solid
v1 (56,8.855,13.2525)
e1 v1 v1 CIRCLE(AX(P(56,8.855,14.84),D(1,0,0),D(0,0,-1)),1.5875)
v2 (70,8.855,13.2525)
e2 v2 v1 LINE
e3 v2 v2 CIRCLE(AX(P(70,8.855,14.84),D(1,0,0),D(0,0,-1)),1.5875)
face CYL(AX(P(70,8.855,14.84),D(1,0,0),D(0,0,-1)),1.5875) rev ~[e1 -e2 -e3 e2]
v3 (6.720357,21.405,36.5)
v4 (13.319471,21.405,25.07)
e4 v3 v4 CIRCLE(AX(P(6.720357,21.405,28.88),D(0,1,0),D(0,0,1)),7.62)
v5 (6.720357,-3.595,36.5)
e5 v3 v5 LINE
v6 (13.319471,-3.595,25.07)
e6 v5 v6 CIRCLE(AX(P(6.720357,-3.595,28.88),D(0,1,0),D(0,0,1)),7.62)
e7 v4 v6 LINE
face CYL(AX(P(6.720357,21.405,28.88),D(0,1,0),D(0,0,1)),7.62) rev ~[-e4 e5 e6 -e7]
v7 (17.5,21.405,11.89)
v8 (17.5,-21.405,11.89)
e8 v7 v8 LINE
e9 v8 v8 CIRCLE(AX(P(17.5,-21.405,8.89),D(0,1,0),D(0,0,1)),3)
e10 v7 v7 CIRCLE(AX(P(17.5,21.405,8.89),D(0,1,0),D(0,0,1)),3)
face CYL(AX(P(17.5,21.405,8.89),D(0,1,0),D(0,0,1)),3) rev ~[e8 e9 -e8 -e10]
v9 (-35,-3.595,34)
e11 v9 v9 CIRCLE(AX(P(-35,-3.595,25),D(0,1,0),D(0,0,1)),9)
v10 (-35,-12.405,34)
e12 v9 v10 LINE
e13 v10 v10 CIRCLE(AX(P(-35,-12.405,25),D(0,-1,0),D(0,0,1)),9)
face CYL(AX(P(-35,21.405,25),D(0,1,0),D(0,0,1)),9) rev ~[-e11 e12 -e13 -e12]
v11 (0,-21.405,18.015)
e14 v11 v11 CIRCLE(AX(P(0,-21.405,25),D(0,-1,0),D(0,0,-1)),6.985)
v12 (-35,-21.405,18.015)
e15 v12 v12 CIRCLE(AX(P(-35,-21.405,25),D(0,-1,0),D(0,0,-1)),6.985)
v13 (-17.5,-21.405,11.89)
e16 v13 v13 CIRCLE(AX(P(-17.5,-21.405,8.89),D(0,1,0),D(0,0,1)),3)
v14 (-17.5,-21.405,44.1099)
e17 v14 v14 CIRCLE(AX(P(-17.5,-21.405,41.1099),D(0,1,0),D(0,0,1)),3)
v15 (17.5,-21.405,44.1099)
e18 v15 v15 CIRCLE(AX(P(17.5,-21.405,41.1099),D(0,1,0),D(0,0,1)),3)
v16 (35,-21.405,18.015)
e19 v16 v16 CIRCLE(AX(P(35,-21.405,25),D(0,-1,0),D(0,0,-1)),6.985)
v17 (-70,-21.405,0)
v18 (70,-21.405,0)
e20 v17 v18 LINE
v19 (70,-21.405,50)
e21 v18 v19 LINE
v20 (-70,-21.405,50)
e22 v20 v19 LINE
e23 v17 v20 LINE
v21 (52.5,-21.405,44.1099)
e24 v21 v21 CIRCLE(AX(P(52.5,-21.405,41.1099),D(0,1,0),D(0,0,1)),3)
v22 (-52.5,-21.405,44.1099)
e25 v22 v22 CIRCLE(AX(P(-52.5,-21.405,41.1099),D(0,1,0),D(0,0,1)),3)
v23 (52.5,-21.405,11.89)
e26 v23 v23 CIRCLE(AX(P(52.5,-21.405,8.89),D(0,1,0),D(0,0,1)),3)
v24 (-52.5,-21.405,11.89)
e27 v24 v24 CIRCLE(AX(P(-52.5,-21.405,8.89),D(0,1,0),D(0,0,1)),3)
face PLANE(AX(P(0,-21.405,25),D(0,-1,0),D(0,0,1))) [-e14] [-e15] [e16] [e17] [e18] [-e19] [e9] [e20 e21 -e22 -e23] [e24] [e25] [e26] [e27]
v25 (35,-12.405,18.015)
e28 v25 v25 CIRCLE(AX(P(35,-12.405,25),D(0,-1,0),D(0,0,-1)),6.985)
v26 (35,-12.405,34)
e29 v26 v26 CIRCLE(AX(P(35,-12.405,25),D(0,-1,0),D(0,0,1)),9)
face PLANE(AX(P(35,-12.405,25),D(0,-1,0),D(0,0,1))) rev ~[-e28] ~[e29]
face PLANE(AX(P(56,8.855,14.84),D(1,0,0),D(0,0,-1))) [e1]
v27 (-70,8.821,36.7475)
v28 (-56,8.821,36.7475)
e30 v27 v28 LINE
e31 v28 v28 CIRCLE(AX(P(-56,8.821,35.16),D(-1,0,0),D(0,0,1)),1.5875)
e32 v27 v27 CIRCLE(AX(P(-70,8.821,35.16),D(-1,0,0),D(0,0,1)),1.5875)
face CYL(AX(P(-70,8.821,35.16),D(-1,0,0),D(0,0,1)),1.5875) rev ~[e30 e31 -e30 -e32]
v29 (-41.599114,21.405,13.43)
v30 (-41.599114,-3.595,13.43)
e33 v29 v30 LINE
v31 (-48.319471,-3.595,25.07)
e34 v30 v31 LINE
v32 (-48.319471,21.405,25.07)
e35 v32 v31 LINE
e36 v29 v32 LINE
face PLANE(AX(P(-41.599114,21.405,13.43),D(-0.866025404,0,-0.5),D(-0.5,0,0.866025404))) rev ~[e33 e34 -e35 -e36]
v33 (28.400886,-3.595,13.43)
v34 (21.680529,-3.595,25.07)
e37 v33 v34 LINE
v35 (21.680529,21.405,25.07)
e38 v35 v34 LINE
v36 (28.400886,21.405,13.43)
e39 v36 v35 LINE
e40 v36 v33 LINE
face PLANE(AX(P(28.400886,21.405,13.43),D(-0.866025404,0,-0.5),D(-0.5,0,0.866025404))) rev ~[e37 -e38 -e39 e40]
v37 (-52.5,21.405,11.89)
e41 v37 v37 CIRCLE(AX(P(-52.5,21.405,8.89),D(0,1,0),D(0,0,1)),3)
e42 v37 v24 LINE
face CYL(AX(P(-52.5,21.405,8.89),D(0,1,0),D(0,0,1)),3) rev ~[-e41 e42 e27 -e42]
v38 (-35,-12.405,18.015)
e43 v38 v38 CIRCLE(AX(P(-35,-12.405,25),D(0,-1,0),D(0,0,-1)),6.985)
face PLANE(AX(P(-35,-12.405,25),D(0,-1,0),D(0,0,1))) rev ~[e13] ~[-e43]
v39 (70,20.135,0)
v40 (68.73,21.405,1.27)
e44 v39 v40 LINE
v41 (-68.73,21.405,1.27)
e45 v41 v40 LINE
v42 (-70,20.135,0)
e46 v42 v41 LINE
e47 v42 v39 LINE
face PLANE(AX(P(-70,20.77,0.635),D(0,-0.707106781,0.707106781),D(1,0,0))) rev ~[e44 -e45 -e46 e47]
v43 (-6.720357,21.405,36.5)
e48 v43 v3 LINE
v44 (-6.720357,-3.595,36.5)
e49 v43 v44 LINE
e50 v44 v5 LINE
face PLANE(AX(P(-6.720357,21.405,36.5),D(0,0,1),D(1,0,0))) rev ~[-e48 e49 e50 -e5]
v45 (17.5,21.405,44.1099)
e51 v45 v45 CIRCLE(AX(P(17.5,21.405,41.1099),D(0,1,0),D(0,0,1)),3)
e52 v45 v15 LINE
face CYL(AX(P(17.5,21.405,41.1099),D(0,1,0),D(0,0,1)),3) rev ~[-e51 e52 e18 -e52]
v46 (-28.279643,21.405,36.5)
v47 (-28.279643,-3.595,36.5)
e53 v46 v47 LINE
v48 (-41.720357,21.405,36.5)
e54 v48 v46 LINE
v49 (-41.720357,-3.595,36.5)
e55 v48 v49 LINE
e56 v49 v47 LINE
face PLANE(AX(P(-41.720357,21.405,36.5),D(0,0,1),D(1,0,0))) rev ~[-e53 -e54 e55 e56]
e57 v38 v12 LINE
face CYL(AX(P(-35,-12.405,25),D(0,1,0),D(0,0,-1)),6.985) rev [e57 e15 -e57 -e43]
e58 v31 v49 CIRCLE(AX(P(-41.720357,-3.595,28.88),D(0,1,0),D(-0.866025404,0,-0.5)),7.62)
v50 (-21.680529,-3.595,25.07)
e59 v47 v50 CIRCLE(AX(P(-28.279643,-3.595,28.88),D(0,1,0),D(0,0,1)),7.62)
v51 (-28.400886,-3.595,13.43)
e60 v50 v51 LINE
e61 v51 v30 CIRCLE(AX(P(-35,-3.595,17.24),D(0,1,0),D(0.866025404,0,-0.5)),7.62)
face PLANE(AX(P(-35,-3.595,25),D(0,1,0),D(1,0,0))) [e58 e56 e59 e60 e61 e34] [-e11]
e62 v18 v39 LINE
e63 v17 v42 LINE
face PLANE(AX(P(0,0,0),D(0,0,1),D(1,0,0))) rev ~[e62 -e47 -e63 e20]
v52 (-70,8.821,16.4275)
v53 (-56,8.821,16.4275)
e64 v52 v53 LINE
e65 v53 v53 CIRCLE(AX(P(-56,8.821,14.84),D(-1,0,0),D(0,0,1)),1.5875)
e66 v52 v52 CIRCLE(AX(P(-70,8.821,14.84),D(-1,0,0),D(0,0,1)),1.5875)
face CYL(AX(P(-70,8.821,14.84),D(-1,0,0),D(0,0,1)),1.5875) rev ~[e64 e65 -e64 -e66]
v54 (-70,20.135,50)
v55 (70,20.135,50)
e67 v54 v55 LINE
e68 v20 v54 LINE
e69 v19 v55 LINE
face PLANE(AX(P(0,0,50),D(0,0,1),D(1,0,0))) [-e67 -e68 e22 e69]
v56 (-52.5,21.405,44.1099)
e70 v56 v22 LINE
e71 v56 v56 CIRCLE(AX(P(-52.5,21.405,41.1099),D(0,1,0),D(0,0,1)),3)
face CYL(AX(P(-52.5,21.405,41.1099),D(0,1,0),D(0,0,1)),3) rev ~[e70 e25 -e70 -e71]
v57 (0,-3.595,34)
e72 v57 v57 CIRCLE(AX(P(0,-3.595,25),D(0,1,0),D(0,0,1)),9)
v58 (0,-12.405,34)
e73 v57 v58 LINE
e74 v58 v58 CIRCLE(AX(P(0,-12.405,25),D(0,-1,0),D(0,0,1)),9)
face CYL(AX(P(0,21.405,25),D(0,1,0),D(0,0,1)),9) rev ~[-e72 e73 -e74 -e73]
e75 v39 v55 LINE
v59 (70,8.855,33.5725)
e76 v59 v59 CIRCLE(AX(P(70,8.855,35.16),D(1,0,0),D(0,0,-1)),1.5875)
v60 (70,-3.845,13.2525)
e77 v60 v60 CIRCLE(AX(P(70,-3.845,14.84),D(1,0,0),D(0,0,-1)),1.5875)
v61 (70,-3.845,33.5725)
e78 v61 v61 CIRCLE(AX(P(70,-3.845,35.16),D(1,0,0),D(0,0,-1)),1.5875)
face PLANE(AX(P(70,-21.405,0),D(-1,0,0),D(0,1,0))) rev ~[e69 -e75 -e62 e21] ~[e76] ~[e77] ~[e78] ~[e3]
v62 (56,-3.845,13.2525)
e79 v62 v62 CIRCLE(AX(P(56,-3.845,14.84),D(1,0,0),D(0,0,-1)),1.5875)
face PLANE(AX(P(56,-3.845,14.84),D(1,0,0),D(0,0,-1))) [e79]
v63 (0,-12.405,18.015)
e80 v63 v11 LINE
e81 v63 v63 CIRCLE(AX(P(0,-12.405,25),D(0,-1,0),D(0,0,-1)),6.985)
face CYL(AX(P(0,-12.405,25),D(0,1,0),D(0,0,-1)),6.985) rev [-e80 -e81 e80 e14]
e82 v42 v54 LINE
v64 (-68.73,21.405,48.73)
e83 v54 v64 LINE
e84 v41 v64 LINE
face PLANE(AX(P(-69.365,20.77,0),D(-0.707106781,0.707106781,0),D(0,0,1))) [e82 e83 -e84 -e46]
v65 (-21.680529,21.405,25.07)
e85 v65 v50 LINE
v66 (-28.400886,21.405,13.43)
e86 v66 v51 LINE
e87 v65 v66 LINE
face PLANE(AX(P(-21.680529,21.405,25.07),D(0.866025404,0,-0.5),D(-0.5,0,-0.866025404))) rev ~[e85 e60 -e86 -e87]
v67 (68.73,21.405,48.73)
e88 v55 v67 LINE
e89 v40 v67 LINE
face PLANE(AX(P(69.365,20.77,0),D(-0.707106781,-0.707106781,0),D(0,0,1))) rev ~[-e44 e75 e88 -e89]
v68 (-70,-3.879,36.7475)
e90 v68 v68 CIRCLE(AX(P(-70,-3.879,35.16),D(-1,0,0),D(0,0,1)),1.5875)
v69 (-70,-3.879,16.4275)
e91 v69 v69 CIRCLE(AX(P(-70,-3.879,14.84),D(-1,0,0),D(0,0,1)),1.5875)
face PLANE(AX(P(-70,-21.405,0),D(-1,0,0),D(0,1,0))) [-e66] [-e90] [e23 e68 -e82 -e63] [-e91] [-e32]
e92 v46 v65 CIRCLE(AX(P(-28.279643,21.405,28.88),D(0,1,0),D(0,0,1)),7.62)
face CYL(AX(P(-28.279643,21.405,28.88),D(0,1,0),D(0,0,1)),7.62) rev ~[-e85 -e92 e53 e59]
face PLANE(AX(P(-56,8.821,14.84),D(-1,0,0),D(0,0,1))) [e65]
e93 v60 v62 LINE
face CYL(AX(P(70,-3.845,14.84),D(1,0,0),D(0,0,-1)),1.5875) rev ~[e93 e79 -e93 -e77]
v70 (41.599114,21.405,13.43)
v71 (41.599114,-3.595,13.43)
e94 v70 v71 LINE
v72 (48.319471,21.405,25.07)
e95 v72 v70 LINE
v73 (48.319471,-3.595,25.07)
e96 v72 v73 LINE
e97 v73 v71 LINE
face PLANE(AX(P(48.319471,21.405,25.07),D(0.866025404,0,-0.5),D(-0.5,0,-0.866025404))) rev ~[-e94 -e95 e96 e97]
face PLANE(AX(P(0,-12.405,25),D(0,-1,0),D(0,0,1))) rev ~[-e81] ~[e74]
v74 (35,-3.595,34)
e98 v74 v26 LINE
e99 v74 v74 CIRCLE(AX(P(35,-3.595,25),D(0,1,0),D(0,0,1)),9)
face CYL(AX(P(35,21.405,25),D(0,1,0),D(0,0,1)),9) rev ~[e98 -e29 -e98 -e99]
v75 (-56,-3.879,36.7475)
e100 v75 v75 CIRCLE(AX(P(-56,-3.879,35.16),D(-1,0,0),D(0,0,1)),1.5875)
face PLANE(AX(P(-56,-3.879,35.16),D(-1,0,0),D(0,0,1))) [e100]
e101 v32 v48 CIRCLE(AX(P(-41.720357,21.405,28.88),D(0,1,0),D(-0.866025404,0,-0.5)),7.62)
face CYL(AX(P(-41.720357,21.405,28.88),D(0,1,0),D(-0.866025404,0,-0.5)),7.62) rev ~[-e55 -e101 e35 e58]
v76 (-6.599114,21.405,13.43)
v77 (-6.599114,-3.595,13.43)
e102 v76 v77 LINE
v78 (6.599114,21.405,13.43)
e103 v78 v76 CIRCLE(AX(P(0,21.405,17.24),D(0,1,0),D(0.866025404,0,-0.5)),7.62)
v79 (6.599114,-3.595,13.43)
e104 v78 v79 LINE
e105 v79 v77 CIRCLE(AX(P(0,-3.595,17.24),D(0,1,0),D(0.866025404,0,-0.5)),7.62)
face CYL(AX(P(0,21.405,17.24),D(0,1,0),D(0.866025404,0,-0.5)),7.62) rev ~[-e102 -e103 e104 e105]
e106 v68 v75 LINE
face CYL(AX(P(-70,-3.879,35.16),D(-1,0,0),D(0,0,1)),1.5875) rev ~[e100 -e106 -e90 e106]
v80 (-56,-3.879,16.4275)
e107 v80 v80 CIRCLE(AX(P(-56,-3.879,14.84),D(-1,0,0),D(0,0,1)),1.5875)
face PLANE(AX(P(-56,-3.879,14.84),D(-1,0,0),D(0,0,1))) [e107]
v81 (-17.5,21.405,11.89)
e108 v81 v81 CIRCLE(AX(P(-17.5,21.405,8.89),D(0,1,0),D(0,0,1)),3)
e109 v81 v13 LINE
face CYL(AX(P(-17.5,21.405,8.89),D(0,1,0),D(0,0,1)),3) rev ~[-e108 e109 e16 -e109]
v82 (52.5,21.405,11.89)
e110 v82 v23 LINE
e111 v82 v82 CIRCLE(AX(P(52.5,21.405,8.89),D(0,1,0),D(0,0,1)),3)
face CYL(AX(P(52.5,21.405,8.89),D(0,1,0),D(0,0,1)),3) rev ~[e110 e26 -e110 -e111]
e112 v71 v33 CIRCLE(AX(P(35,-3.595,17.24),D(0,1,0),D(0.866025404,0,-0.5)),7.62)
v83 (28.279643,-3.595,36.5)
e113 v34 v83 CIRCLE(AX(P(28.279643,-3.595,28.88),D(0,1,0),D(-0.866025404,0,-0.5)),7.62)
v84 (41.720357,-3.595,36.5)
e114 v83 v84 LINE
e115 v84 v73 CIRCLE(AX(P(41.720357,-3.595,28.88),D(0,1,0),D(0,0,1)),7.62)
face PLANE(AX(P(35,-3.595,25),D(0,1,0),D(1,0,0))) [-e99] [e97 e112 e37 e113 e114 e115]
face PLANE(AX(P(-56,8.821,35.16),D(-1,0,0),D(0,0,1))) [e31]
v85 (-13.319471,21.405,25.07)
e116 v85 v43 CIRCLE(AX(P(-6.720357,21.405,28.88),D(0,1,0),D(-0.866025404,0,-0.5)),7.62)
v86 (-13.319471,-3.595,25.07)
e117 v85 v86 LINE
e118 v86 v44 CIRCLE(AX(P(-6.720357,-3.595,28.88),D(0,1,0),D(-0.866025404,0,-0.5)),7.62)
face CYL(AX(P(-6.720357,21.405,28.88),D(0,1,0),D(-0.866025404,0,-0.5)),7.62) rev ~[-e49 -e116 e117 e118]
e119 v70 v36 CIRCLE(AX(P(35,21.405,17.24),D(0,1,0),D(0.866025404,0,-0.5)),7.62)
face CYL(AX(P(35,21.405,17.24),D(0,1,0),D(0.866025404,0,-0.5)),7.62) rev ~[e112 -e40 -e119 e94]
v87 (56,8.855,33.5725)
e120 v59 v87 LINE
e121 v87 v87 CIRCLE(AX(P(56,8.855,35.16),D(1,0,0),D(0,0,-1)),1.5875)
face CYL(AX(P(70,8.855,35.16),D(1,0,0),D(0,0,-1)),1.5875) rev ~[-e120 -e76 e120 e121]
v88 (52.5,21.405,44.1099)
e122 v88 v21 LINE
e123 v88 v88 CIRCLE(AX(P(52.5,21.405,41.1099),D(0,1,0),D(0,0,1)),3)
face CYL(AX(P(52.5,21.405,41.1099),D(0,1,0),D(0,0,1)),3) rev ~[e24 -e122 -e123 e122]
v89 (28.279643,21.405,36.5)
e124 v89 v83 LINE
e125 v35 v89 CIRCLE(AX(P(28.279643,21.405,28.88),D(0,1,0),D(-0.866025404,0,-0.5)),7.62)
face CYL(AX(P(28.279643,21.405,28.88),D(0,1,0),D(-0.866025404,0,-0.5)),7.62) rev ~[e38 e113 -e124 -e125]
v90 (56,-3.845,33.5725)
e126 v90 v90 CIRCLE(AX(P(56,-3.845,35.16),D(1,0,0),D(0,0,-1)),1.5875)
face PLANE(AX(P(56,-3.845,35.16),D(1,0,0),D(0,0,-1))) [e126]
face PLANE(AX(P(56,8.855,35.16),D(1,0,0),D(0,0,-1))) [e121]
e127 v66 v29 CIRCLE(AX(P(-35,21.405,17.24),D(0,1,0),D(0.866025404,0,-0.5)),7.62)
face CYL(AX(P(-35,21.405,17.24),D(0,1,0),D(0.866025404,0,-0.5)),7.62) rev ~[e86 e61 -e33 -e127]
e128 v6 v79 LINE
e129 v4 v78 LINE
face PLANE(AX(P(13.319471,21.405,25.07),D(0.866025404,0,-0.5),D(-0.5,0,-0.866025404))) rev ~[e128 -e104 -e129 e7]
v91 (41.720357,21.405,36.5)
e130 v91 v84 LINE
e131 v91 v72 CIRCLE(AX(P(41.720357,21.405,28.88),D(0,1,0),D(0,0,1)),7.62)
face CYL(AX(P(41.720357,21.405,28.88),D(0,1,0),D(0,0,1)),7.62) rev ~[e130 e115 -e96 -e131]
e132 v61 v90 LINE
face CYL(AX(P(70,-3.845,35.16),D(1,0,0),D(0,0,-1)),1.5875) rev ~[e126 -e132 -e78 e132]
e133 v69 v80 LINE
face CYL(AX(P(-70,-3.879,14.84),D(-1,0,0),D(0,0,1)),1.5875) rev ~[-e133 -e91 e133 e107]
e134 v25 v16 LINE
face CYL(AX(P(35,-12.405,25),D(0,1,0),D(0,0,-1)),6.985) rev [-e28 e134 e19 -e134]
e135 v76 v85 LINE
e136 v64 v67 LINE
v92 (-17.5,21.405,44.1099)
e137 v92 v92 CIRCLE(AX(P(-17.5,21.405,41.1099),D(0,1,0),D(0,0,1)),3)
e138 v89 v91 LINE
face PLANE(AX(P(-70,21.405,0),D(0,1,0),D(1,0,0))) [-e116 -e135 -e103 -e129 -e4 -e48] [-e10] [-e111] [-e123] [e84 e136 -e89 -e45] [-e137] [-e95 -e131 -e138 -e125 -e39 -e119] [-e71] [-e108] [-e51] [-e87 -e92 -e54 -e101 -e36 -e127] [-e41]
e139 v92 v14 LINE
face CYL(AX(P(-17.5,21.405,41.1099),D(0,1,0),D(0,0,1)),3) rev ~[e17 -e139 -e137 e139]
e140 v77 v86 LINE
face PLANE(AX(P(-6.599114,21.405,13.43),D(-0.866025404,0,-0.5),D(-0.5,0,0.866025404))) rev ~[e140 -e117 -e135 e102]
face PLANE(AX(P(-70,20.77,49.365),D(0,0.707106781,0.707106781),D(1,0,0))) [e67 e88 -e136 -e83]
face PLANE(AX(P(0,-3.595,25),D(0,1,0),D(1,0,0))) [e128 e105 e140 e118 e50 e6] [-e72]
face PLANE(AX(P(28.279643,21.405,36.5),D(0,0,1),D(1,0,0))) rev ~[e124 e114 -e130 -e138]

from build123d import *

# Parameters (mm, degrees)
SKETCH3_W            = 140
SKETCH3_H            = 42.809999978
BOSS_EXTRUDE1_DEPTH  = 50
SKETCH4_R            = 9
CUT_EXTRUDE1_DEPTH   = 50
LPATTERN1_COUNT      = 2
LPATTERN1_PITCH      = 35
LPATTERN1_COL_COUNT  = 2
LPATTERN1_COL_PITCH  = 35
CUT_EXTRUDE2_DEPTH   = 25
LPATTERN2_COUNT      = 2
LPATTERN2_PITCH      = 35
LPATTERN2_COL_COUNT  = 2
LPATTERN2_COL_PITCH  = 35
SKETCH16_R           = 3
CUT_EXTRUDE3_DEPTH   = 90.932
LPATTERN4_COUNT      = 4
LPATTERN4_PITCH      = 35
LPATTERN4_COUNT_DIR2 = 2
LPATTERN4_PITCH_DIR2 = 32.2199
BOSS_EXTRUDE2_START  = -9
SKETCH18_R           = 9
SKETCH18_R_2         = 6.985
BOSS_EXTRUDE2_DEPTH  = 9
CHAMFER1_SIZE        = 1.27
SKETCH21_R           = 1.5875
CUT_EXTRUDE6_DEPTH   = 14
SKETCH22_R           = 1.5875
CUT_EXTRUDE7_DEPTH   = 14


with BuildPart() as part:
    # Sketch3 → Boss-Extrude1 (new body)
    with BuildSketch(Plane.XY):
        Rectangle(SKETCH3_W, SKETCH3_H)
    extrude(amount=BOSS_EXTRUDE1_DEPTH)

    # Sketch4 → Cut-Extrude1 (cut)
    with BuildSketch(Plane(origin=(0, 21.404999989, 0), x_dir=(1, 0, 0), z_dir=(0, 1, 0))):
        with Locations((0, -25)):
            Circle(SKETCH4_R)
    cut_extrude1 = extrude(amount=-CUT_EXTRUDE1_DEPTH, mode=Mode.SUBTRACT)

    # LPattern1: Cut-Extrude1 ×2
    with Locations(*[(i * LPATTERN1_PITCH, 0, 0) for i in range(1, LPATTERN1_COUNT)]):
        add(cut_extrude1, mode=Mode.SUBTRACT)

    # LPattern1 col: Cut-Extrude1 ×2
    with Locations(*[(-i * LPATTERN1_COL_PITCH, 0, 0) for i in range(1, LPATTERN1_COL_COUNT)]):
        add(cut_extrude1, mode=Mode.SUBTRACT)

    # Sketch5 → Cut-Extrude2 (cut)
    with BuildSketch(Plane(origin=(0, 21.404999989, 0), x_dir=(1, 0, 0), z_dir=(0, 1, 0))):
        with BuildLine():
            Line((-6.599113577, -13.43), (-13.31947071, -25.07))
            ThreePointArc((-13.31947071, -25.07), (-13.31947071, -32.69), (-6.720357133, -36.5))
            Line((-6.720357133, -36.5), (6.720357133, -36.5))
            ThreePointArc((6.720357133, -36.5), (13.31947071, -32.69), (13.31947071, -25.07))
            Line((13.31947071, -25.07), (6.599113577, -13.43))
            ThreePointArc((6.599113577, -13.43), (0, -9.62), (-6.599113577, -13.43))
        make_face()
    cut_extrude2 = extrude(amount=-CUT_EXTRUDE2_DEPTH, mode=Mode.SUBTRACT)

    # LPattern2: Cut-Extrude2 ×2
    with Locations(*[(i * LPATTERN2_PITCH, 0, 0) for i in range(1, LPATTERN2_COUNT)]):
        add(cut_extrude2, mode=Mode.SUBTRACT)

    # LPattern2 col: Cut-Extrude2 ×2
    with Locations(*[(-i * LPATTERN2_COL_PITCH, 0, 0) for i in range(1, LPATTERN2_COL_COUNT)]):
        add(cut_extrude2, mode=Mode.SUBTRACT)

    # Sketch16 → Cut-Extrude3 (cut)
    with BuildSketch(Plane(origin=(0, 21.404999989, 0), x_dir=(1, 0, 0), z_dir=(0, 1, 0))):
        with Locations((-52.5, -8.89)):
            Circle(SKETCH16_R)
    cut_extrude3 = extrude(amount=-CUT_EXTRUDE3_DEPTH, mode=Mode.SUBTRACT)

    # LPattern4: Cut-Extrude3 4 × 2
    with Locations(*[(i * LPATTERN4_PITCH, 0, j * LPATTERN4_PITCH_DIR2) for i in range(LPATTERN4_COUNT) for j in range(LPATTERN4_COUNT_DIR2) if (i, j) != (0, 0)]):
        add(cut_extrude3, mode=Mode.SUBTRACT)

    # Sketch18 → Boss-Extrude2 (add)
    # profile 1 of 3: a face of its own
    with BuildSketch(Plane.XZ.offset(21.404999989).offset(BOSS_EXTRUDE2_START)):
        with Locations((0, 25)):
            Circle(SKETCH18_R)
        with Locations((0, 25)):
            Circle(SKETCH18_R_2, mode=Mode.SUBTRACT)
    # profile 2 of 3: a face of its own
    with BuildSketch(Plane.XZ.offset(21.404999989).offset(BOSS_EXTRUDE2_START)):
        with Locations((-35, 25)):
            Circle(SKETCH18_R)
        with Locations((-35, 25)):
            Circle(SKETCH18_R_2, mode=Mode.SUBTRACT)
    # profile 3 of 3: a face of its own
    with BuildSketch(Plane.XZ.offset(21.404999989).offset(BOSS_EXTRUDE2_START)):
        with Locations((35, 25)):
            Circle(SKETCH18_R)
        with Locations((35, 25)):
            Circle(SKETCH18_R_2, mode=Mode.SUBTRACT)
    extrude(amount=BOSS_EXTRUDE2_DEPTH)

    # Chamfer1
    chamfer1_edges = [part.edges().sort_by_distance(p)[0] for p in [
        (-70, 21.404999989, 25),
        (0, 21.404999989, 0),
        (70, 21.404999989, 25),
        (0, 21.404999989, 50),
    ]]
    chamfer(chamfer1_edges, length=CHAMFER1_SIZE)

    # Sketch21 → Cut-Extrude6 (cut)
    with BuildSketch(Plane(origin=(70, 0, 0), x_dir=(0, 0, -1), z_dir=(1, 0, 0))):
        with Locations((-35.16, 8.855000011)):
            Circle(SKETCH21_R)
        with Locations((-35.16, -3.844999989)):
            Circle(SKETCH21_R)
        with Locations((-14.84, -3.844999989)):
            Circle(SKETCH21_R)
        with Locations((-14.84, 8.855000011)):
            Circle(SKETCH21_R)
    extrude(amount=-CUT_EXTRUDE6_DEPTH, mode=Mode.SUBTRACT)

    # Sketch22 → Cut-Extrude7 (cut)
    with BuildSketch(Plane.ZY.offset(70)):
        with Locations((14.84, 8.821000011)):
            Circle(SKETCH22_R)
        with Locations((14.84, -3.878999989)):
            Circle(SKETCH22_R)
        with Locations((35.16, 8.821000011)):
            Circle(SKETCH22_R)
        with Locations((35.16, -3.878999989)):
            Circle(SKETCH22_R)
    extrude(amount=-CUT_EXTRUDE7_DEPTH, mode=Mode.SUBTRACT)


solid = part.part
